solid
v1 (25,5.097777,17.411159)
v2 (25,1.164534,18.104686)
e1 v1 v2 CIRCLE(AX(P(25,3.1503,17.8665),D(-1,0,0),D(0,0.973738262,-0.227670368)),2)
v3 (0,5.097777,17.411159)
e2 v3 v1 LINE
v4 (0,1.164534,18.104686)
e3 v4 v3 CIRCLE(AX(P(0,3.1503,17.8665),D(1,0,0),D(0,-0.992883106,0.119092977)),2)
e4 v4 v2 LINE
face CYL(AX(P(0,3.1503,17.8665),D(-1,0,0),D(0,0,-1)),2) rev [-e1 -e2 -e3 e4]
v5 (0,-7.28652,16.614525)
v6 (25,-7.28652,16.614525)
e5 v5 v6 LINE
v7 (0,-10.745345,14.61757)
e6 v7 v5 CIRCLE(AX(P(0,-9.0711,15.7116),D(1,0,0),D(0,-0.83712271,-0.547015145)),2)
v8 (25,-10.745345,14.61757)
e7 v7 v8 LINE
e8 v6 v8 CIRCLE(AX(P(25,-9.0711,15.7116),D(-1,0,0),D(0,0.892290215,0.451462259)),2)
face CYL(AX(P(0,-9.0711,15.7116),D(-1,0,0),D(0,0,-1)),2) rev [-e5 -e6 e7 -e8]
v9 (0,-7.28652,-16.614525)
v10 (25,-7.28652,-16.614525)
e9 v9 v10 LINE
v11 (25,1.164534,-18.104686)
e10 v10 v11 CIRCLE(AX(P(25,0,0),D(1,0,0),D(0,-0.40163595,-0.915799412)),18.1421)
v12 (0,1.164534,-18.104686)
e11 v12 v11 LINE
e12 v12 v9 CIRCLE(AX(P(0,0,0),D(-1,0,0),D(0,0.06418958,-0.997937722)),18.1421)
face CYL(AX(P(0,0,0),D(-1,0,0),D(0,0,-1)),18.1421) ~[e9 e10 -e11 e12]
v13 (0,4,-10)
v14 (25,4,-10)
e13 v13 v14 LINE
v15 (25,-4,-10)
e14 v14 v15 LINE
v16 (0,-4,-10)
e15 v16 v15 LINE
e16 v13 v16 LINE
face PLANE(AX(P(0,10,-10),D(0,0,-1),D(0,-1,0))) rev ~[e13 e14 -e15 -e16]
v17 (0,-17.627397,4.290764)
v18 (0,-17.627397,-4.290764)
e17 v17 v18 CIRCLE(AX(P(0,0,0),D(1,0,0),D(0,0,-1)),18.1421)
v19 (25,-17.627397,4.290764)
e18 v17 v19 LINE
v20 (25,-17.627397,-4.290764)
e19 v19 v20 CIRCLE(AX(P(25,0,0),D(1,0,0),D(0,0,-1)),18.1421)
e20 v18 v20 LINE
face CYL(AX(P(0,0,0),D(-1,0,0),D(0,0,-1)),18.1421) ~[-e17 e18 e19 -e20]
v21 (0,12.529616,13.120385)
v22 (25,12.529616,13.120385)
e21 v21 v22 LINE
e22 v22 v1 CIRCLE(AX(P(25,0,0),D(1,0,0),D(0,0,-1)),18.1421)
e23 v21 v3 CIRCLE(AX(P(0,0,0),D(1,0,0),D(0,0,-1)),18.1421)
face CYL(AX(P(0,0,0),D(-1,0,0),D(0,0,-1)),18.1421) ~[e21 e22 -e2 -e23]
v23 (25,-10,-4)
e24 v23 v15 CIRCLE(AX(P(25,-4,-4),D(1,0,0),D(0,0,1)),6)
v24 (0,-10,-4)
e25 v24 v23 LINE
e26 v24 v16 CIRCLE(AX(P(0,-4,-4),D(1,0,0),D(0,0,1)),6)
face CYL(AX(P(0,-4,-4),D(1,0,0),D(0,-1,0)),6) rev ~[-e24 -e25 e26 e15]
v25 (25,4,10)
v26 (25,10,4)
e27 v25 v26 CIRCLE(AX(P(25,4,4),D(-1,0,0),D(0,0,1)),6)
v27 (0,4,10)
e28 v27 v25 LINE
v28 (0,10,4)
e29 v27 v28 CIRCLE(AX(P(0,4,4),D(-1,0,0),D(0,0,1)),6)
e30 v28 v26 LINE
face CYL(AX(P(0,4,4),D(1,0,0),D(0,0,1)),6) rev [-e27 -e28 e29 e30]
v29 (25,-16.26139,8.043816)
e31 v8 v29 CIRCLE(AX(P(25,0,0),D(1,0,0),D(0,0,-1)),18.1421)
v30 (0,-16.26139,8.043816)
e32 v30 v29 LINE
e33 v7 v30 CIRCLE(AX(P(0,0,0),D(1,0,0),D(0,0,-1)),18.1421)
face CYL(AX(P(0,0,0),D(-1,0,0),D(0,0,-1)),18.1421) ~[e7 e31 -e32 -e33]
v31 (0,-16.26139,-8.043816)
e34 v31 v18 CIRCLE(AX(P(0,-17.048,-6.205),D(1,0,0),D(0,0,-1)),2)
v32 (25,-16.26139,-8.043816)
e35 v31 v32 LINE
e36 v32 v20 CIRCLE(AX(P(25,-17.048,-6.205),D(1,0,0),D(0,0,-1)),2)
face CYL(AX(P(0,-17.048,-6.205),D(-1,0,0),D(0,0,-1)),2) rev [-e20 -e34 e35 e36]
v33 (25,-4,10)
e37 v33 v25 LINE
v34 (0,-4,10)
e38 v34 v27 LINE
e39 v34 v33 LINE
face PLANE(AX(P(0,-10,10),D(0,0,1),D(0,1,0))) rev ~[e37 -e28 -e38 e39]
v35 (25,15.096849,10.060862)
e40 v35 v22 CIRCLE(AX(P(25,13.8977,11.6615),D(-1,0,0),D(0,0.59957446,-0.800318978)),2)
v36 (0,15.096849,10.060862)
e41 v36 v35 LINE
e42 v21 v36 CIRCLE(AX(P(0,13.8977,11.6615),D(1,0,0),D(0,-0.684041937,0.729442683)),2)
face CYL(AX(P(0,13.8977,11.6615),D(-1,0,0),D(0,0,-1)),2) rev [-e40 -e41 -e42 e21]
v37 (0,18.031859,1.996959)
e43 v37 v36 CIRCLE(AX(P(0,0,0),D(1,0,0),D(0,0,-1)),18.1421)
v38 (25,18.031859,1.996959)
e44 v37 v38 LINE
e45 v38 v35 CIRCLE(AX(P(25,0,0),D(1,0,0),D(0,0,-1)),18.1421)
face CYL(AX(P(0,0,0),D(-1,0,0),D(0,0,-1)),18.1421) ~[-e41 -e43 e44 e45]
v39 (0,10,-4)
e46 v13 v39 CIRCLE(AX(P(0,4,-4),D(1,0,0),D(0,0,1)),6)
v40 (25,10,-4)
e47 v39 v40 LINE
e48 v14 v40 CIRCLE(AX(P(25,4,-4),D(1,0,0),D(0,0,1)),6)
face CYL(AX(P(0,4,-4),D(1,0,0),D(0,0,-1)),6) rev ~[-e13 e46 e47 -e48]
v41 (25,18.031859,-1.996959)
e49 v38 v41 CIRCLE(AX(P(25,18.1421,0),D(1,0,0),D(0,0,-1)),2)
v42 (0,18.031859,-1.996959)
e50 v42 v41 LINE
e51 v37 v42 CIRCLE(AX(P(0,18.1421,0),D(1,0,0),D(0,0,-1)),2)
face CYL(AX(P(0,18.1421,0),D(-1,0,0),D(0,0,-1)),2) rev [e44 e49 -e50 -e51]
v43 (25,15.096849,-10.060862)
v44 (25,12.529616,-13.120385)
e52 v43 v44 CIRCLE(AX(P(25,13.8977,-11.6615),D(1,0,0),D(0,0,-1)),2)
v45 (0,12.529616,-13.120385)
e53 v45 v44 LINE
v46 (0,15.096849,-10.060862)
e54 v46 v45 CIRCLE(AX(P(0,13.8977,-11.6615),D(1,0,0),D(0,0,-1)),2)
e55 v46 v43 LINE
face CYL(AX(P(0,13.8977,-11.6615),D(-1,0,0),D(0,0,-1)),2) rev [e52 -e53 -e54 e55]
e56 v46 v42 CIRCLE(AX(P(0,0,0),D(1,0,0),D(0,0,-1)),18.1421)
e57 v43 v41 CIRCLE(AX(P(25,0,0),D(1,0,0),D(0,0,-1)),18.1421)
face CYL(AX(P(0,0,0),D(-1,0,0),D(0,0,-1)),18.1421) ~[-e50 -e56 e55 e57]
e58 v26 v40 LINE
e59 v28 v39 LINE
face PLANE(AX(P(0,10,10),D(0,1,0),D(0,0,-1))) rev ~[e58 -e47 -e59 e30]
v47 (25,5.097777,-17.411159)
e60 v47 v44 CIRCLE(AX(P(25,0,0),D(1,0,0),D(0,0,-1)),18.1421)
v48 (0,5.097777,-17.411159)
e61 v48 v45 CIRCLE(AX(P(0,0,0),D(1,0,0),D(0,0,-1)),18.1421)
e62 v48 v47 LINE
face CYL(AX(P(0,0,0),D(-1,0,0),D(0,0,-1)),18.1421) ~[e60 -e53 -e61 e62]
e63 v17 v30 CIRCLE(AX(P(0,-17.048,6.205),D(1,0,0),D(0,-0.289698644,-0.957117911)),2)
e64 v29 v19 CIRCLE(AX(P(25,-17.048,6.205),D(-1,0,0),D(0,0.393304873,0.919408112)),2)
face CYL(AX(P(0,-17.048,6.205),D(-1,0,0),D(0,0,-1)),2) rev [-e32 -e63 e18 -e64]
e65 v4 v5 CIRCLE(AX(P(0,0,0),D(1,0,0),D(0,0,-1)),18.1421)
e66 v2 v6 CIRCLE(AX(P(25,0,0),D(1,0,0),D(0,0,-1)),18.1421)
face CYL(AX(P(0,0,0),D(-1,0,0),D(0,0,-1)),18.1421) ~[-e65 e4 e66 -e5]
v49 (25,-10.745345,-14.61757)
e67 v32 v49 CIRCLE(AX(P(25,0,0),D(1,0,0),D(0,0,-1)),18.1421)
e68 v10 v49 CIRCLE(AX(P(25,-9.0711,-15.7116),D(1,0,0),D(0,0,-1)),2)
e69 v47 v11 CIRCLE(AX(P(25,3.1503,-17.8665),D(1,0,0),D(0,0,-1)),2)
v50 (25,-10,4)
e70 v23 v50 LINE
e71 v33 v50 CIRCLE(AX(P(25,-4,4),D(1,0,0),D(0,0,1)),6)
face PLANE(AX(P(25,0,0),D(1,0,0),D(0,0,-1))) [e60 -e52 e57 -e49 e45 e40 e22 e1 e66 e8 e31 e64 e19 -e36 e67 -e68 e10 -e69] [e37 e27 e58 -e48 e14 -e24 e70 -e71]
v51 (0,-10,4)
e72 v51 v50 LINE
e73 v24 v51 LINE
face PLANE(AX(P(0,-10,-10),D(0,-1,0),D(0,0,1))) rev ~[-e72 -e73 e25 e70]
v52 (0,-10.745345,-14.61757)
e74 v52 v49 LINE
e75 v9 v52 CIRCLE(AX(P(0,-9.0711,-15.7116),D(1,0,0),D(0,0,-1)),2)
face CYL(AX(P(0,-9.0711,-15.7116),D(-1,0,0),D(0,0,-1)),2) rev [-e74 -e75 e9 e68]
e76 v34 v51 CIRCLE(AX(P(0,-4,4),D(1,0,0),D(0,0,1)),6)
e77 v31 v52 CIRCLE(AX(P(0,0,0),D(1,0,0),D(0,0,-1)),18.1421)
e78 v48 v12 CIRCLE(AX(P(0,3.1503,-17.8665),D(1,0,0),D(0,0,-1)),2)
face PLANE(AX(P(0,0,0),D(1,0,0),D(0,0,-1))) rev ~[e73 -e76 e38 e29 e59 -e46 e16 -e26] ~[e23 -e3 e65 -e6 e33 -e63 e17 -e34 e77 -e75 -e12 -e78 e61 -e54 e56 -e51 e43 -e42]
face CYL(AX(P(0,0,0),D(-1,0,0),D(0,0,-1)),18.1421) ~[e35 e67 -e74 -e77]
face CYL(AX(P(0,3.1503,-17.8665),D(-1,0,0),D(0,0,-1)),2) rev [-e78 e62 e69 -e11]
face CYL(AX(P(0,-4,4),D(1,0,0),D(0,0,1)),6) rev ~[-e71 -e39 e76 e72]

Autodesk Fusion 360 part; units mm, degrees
sketch "Sketch1" plane through (0, 0, 0) normal (1, 0, 0) x (0, 0, -1)
  line L0 (-10, 10) -> (10, 10)
  line L1 (10, 10) -> (10, -10)
  line L2 (10, -10) -> (-10, -10)
  line L3 (-10, -10) -> (-10, 10)
  line L4 (-10, 10) -> (10, -10) construction
  line L5 (10, 10) -> (-10, -10) construction
  circle A0 centre (0, 0) radius 14.1421 construction
  circle A1 centre (0, 0) radius 18.1421
  circle A2 centre (0, 18.1421) radius 2
  circle A3 centre (-11.6615, 13.8977) radius 2
  circle A4 centre (-17.8665, 3.1503) radius 2
  circle A5 centre (-15.7116, -9.0711) radius 2
  circle A6 centre (-6.205, -17.048) radius 2
  circle A7 centre (6.205, -17.048) radius 2
  circle A8 centre (15.7116, -9.0711) radius 2
  circle A9 centre (17.8665, 3.1503) radius 2
  circle A10 centre (11.6615, 13.8977) radius 2
  circle A11 centre (0, 0) radius 20.1421 construction
  circle A12 centre (0, 0) radius 24.1421
  dimension "d1" = 20
  dimension "d2" = 20
  dimension "d3" = 4
  dimension "d4" = 4
  dimension "d6" = 360
  dimension "d7" = 4
extrude "Extrude1" add sketch "Sketch1" along normal blind 25 contours A1 A2 A3 A4 A5 A6 A7 A8 A9 A10
fillet "Fillet1" radius 6 4 edges at (12.5, 10, 10) (12.5, -10, 10) (12.5, -10, -10) (12.5, 10, -10)
sketch "Sketch4" plane through (-160, 0, 0) normal (-1, 0, 0) x (0, 0, 1)
  line L0 (-4, 17) -> (15, 5)
  line L1 (15, 5) -> (14, -7)
  line L2 (14, -7) -> (1, -17)
  line L3 (1, -17) -> (-12, -12)
  line L4 (-12, -12) -> (-14.488, 8.6817)
  line L5 (-14.488, 8.6817) -> (-4, 17)
sketch "Sketch5" plane through (-160, 0, 0) normal (-1, 0, 0) x (0, 0, 1)
  arc A0 (-14.6176, -10.7454) -> (-8.0438, -16.2614) centre (0, 0) ccw
  arc A1 (-4.2907, -17.6274) -> (-8.0438, -16.2614) centre (-6.205, -17.048) ccw
  arc A2 (-4.2907, -17.6274) -> (4.2907, -17.6274) centre (0, 0) ccw
  arc A3 (8.0438, -16.2614) -> (4.2907, -17.6274) centre (6.205, -17.048) ccw
  arc A4 (8.0438, -16.2614) -> (14.6176, -10.7454) centre (0, 0) ccw
  arc A5 (16.6146, -7.2865) -> (14.6176, -10.7454) centre (15.7116, -9.0711) ccw
  arc A6 (16.6146, -7.2865) -> (18.1047, 1.1646) centre (0, 0) ccw
  arc A7 (17.4112, 5.0978) -> (18.1047, 1.1646) centre (17.8665, 3.1503) ccw
  arc A8 (17.4112, 5.0978) -> (13.1204, 12.5296) centre (0, 0) ccw
  arc A9 (10.0609, 15.0969) -> (13.1204, 12.5296) centre (11.6615, 13.8977) ccw
  arc A10 (10.0609, 15.0969) -> (1.997, 18.0319) centre (0, 0) ccw
  arc A11 (-1.997, 18.0319) -> (1.997, 18.0319) centre (0, 18.1421) ccw
  arc A12 (-1.997, 18.0319) -> (-10.0609, 15.0969) centre (0, 0) ccw
  arc A13 (-13.1204, 12.5296) -> (-10.0609, 15.0969) centre (-11.6615, 13.8977) ccw
  arc A14 (-13.1204, 12.5296) -> (-17.4112, 5.0978) centre (0, 0) ccw
  arc A15 (-18.1047, 1.1646) -> (-17.4112, 5.0978) centre (-17.8665, 3.1503) ccw
  arc A16 (-18.1047, 1.1646) -> (-16.6146, -7.2865) centre (0, 0) ccw
  arc A17 (-14.6176, -10.7454) -> (-16.6146, -7.2865) centre (-15.7116, -9.0711) ccw
  line L0 (-6.3241, 11) -> (6.3241, 11)
  line L1 (11, 6.3241) -> (11, -6.3241)
  line L2 (6.3241, -11) -> (-6.3241, -11)
  line L3 (-11, -6.3241) -> (-11, 6.3241)
  line L4 (-11, 11) -> (11, -11) construction
  line L5 (11, 11) -> (-11, -11) construction
  line L6 (11, -6.3241) -> (6.3241, -11)
  line L7 (-6.3241, -11) -> (-11, -6.3241)
  line L8 (-17.3241, 0) -> (17.3241, 0) construction
  line L9 (0, 17.3241) -> (0, -17.3241) construction
  line L10 (6.3241, 11) -> (11, 6.3241)
  line L11 (-11, 6.3241) -> (-6.3241, 11)
  dimension "d96" = 22
  dimension "d97" = 22
  dimension "d98" = 24.5
  dimension "d99" = 24.5
sketch "Sketch6" plane through (0, 0, 0) normal (0, 0, 1) x (1, 0, 0)
sketch "Sketch8" plane through (0, 0, 0) normal (-1, 0, 0) x (0, 0, 1)
  arc A0 (23.743, -4.3718) -> (6.1466, 23.3466) centre (0, 0) ccw
  arc A1 (6.1466, 23.3466) -> (-24.0592, -1.9991) centre (0, 0) ccw
  arc A2 (-24.0592, -1.9991) -> (0.1825, -24.1414) centre (0, 0) ccw
  arc A3 (0.1825, -24.1414) -> (23.743, -4.3718) centre (0, 0) ccw
  arc A4 (16.6857, -7.6172) -> (18.2847, 1.451) centre (0, 0) ccw
  arc A5 (16.6857, -7.6172) -> (14.9396, -10.6416) centre (15.7116, -9.0711) ccw
  arc A6 (7.8857, -16.5605) -> (14.9396, -10.6416) centre (0, 0) ccw
  arc A7 (7.8857, -16.5605) -> (4.6041, -17.7549) centre (6.205, -17.048) ccw
  arc A8 (-4.6041, -17.7549) -> (4.6041, -17.7549) centre (0, 0) ccw
  arc A9 (-4.6041, -17.7549) -> (-7.8857, -16.5605) centre (-6.205, -17.048) ccw
  arc A10 (-14.9396, -10.6416) -> (-7.8857, -16.5605) centre (0, 0) ccw
  arc A11 (-14.9396, -10.6416) -> (-16.6857, -7.6172) centre (-15.7116, -9.0711) ccw
  arc A12 (-18.2847, 1.451) -> (-16.6857, -7.6172) centre (0, 0) ccw
  arc A13 (-18.2847, 1.451) -> (-17.6782, 4.8902) centre (-17.8665, 3.1503) ccw
  arc A14 (-13.0741, 12.8647) -> (-17.6782, 4.8902) centre (0, 0) ccw
  arc A15 (-13.0741, 12.8647) -> (-10.399, 15.1095) centre (-11.6615, 13.8977) ccw
  arc A16 (-1.7461, 18.2588) -> (-10.399, 15.1095) centre (0, 0) ccw
  arc A17 (-1.7461, 18.2588) -> (1.7461, 18.2588) centre (0, 18.1421) ccw
  arc A18 (10.399, 15.1095) -> (1.7461, 18.2588) centre (0, 0) ccw
  arc A19 (10.399, 15.1095) -> (13.0741, 12.8647) centre (11.6615, 13.8977) ccw
  arc A20 (17.6782, 4.8902) -> (13.0741, 12.8647) centre (0, 0) ccw
  arc A21 (17.6782, 4.8902) -> (18.2847, 1.451) centre (17.8665, 3.1503) ccw
equation "Diameter = 220 mm"
equation "Width = 75 mm"
equation "Thickness_experimental = 5 mm"
equation "Front_Bias = 25 deg"
equation "Rear_Bias = 15 deg"
equation "Roundness = 0.5" comment "Value between 0 and 1"
equation "Corner_Radius = 20 mm"
